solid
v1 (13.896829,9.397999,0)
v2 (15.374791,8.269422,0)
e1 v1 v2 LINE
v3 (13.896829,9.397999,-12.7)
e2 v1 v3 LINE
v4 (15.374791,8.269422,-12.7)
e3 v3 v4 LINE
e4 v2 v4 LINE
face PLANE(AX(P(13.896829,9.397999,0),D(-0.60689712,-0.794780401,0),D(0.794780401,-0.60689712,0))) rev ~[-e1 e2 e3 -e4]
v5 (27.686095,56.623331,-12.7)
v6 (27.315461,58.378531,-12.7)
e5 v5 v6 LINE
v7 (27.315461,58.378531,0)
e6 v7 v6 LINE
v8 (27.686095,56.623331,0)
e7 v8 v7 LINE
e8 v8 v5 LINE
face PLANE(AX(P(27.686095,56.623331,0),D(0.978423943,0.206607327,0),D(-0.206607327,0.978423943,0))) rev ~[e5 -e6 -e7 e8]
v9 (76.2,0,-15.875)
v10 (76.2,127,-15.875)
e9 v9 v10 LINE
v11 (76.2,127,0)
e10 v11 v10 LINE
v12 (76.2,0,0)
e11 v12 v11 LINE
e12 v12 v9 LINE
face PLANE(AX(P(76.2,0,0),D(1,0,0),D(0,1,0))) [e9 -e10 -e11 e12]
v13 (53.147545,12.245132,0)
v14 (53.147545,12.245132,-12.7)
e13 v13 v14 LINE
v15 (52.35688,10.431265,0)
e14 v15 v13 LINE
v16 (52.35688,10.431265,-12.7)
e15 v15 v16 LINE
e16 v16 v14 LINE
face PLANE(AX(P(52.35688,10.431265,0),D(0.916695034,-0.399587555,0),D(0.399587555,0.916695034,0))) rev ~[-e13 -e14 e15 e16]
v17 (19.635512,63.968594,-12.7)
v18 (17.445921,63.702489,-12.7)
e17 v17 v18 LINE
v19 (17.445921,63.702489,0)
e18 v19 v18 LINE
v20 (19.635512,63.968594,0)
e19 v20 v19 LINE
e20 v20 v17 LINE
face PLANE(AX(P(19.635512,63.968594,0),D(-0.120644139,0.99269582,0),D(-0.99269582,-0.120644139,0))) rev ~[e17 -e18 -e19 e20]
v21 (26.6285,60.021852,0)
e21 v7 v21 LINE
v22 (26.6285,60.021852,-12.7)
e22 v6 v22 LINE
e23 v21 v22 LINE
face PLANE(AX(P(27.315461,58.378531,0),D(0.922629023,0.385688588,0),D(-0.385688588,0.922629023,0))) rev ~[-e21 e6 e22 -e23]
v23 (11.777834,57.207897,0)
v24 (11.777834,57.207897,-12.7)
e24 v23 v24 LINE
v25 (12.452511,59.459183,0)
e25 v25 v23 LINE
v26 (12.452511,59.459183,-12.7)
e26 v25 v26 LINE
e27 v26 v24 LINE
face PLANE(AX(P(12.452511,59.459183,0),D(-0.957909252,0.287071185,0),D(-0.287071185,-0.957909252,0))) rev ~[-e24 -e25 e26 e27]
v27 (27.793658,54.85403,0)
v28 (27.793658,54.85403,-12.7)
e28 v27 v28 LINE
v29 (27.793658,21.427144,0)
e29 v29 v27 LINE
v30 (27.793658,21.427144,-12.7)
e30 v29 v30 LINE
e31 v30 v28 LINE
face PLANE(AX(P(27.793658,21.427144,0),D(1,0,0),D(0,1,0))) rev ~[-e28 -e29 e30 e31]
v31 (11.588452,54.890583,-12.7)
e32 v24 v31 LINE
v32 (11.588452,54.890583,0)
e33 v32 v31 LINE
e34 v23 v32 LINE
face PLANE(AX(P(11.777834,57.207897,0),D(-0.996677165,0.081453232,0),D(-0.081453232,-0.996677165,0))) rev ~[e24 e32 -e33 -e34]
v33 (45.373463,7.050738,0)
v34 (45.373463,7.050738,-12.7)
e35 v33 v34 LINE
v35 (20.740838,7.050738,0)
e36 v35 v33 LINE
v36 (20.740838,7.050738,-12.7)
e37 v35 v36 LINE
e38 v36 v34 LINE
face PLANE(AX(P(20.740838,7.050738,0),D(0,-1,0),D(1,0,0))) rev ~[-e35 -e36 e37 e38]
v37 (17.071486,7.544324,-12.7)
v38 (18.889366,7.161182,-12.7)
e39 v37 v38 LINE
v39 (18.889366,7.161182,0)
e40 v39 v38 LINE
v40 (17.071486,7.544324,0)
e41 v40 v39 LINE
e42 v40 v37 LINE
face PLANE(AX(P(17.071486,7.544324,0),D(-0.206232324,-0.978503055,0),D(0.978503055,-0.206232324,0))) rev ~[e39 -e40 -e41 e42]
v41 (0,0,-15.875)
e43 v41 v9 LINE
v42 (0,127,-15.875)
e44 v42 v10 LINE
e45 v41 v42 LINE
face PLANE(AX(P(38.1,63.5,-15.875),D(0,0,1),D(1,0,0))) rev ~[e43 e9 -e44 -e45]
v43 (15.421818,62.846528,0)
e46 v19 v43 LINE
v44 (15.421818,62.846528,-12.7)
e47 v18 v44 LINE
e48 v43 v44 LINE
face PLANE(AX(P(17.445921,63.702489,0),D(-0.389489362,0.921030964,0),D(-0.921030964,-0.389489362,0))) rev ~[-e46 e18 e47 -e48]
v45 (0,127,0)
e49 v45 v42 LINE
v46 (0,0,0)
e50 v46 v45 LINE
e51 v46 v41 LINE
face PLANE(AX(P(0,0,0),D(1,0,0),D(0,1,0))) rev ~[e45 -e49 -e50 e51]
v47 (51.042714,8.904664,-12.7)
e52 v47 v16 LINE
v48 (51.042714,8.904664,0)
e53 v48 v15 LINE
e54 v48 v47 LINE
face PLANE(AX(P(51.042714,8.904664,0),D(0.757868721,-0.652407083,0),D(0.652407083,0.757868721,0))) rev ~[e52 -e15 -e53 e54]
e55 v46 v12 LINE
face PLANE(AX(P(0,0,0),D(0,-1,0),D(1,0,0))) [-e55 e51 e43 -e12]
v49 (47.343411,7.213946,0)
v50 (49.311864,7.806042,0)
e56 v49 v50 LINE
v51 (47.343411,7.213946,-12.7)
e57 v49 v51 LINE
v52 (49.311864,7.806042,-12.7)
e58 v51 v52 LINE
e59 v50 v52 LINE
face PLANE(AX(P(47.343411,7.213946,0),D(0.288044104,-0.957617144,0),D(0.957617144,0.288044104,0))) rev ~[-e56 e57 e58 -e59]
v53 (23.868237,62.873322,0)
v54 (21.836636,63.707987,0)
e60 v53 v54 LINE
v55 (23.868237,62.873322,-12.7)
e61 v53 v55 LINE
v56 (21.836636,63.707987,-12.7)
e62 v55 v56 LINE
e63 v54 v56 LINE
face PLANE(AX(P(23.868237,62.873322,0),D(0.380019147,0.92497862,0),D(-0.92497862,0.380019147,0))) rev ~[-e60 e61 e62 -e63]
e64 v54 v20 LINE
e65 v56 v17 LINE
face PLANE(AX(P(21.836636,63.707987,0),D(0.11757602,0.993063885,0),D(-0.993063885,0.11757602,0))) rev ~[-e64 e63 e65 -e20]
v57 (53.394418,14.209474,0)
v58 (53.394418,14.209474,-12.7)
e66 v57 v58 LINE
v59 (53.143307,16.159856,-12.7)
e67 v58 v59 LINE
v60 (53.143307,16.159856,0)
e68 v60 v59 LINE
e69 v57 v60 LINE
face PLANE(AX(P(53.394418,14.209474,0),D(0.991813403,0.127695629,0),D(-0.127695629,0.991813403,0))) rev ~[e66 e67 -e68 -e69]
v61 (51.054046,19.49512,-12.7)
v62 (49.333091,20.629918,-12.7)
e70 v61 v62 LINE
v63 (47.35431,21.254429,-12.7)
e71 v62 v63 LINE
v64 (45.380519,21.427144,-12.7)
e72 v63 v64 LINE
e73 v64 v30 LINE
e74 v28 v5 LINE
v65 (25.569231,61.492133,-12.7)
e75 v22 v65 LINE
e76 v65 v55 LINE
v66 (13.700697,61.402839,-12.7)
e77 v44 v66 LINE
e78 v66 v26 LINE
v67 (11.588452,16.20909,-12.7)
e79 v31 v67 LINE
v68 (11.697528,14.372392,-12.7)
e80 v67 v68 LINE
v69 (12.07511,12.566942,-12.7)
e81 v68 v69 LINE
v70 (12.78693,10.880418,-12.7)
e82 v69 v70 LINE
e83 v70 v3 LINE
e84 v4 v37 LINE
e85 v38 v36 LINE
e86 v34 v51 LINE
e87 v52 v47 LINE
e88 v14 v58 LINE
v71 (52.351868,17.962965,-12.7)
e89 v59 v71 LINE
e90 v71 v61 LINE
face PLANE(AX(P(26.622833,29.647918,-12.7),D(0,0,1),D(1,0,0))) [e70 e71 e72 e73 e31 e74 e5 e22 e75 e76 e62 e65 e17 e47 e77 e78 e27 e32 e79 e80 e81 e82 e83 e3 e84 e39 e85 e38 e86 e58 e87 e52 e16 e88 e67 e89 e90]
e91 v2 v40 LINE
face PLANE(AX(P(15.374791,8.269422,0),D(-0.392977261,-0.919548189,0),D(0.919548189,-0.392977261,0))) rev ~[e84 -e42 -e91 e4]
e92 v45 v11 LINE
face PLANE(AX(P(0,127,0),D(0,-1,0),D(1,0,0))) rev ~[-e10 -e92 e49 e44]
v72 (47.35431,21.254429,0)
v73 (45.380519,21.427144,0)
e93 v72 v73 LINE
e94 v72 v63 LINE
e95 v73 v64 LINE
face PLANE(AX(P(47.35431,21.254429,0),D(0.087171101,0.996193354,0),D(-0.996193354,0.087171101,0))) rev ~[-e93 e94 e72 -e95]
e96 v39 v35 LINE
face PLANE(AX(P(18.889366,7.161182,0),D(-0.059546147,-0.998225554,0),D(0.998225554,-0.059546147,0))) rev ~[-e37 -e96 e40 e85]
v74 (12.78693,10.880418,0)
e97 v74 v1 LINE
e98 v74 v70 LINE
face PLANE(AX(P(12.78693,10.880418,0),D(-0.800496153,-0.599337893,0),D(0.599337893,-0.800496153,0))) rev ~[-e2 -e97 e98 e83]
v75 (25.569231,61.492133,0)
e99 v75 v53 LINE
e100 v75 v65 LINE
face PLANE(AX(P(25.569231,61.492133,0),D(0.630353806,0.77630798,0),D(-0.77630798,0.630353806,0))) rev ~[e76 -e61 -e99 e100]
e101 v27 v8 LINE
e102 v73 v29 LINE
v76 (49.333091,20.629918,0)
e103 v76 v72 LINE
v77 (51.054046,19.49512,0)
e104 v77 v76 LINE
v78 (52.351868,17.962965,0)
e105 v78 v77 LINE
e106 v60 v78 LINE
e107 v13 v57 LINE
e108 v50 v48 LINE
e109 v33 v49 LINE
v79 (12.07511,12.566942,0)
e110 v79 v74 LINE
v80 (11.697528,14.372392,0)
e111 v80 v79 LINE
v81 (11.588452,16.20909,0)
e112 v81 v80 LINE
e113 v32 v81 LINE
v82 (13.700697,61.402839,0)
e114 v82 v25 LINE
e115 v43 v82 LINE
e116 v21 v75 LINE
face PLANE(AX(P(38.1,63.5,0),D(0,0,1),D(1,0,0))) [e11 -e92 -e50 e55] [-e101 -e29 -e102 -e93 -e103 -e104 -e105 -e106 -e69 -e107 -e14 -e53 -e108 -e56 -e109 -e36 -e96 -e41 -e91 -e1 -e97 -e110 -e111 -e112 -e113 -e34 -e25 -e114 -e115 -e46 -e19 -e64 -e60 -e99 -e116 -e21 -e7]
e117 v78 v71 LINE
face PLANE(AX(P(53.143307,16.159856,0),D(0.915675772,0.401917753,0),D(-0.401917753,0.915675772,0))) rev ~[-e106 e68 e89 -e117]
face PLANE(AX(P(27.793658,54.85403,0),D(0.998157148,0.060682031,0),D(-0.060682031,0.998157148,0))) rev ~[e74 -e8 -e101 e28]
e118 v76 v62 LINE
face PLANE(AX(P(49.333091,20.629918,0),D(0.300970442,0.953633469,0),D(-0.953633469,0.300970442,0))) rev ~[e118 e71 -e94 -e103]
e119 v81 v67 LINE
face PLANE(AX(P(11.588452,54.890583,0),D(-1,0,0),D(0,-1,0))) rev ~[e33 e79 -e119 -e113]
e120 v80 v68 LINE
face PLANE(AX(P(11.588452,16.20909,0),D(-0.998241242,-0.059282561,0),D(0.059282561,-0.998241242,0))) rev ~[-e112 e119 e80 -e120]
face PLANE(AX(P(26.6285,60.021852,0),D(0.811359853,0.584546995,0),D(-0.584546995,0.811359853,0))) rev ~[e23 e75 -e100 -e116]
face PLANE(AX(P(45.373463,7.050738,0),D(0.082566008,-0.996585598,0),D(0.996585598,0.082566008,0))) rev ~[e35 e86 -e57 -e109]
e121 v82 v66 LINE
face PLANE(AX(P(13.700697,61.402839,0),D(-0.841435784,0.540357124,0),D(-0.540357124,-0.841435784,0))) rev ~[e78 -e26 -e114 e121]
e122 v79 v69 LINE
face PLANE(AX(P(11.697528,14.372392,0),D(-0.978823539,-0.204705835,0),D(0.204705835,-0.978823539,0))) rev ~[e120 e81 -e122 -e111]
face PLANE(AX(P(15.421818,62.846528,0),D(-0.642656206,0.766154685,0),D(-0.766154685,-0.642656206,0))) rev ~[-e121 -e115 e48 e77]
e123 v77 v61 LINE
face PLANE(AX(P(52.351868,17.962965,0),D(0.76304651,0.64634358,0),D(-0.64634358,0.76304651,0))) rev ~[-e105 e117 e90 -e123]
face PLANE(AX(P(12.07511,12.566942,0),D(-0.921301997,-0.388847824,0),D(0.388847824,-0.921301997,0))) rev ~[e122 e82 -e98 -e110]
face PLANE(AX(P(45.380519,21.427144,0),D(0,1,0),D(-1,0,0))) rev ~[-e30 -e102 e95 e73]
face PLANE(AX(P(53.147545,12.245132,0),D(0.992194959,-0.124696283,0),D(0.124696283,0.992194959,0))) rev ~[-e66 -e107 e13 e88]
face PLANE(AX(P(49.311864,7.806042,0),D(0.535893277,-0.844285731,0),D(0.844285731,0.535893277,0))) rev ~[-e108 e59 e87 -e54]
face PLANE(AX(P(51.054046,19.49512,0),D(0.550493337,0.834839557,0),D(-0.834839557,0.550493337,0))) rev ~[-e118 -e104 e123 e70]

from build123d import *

# Parameters (mm, degrees)
F0_W     = 76.2
F0_H     = 127
F1_DEPTH = 15.875
F3_DEPTH = 12.7


with BuildPart() as f1:
    # F0 (on Top) → F1 (new body)
    with BuildSketch(Plane.XY):
        with Locations((38.1, 63.5)):
            Rectangle(F0_W, F0_H)
    extrude(amount=-F1_DEPTH)

    # F2 (on Top) → F3 (cut)
    with BuildSketch(Plane.XY):
        Polygon((19.635512, 63.968594), (17.445921, 63.702489), (15.421818, 62.846528), (13.700697, 61.402839), (12.452511, 59.459183), (11.777834, 57.207897), (11.588452, 54.890583), (11.588452, 16.20909), (11.697528, 14.372392), (12.07511, 12.566942), (12.78693, 10.880418), (13.896829, 9.397999), (15.374791, 8.269422), (17.071486, 7.544324), (18.889366, 7.161182), (20.740838, 7.050738), (45.373463, 7.050738), (47.343411, 7.213946), (49.311864, 7.806042), (51.042714, 8.904664), (52.35688, 10.431265), (53.147545, 12.245132), (53.394418, 14.209474), (53.143307, 16.159856), (52.351868, 17.962965), (51.054046, 19.49512), (49.333091, 20.629918), (47.35431, 21.254429), (45.380519, 21.427144), (27.793658, 21.427144), (27.793658, 54.85403), (27.686095, 56.623331), (27.315461, 58.378531), (26.6285, 60.021852), (25.569231, 61.492133), (23.868237, 62.873322), (21.836636, 63.707987), align=None)
    extrude(amount=-F3_DEPTH, mode=Mode.SUBTRACT)


solid = f1.part
